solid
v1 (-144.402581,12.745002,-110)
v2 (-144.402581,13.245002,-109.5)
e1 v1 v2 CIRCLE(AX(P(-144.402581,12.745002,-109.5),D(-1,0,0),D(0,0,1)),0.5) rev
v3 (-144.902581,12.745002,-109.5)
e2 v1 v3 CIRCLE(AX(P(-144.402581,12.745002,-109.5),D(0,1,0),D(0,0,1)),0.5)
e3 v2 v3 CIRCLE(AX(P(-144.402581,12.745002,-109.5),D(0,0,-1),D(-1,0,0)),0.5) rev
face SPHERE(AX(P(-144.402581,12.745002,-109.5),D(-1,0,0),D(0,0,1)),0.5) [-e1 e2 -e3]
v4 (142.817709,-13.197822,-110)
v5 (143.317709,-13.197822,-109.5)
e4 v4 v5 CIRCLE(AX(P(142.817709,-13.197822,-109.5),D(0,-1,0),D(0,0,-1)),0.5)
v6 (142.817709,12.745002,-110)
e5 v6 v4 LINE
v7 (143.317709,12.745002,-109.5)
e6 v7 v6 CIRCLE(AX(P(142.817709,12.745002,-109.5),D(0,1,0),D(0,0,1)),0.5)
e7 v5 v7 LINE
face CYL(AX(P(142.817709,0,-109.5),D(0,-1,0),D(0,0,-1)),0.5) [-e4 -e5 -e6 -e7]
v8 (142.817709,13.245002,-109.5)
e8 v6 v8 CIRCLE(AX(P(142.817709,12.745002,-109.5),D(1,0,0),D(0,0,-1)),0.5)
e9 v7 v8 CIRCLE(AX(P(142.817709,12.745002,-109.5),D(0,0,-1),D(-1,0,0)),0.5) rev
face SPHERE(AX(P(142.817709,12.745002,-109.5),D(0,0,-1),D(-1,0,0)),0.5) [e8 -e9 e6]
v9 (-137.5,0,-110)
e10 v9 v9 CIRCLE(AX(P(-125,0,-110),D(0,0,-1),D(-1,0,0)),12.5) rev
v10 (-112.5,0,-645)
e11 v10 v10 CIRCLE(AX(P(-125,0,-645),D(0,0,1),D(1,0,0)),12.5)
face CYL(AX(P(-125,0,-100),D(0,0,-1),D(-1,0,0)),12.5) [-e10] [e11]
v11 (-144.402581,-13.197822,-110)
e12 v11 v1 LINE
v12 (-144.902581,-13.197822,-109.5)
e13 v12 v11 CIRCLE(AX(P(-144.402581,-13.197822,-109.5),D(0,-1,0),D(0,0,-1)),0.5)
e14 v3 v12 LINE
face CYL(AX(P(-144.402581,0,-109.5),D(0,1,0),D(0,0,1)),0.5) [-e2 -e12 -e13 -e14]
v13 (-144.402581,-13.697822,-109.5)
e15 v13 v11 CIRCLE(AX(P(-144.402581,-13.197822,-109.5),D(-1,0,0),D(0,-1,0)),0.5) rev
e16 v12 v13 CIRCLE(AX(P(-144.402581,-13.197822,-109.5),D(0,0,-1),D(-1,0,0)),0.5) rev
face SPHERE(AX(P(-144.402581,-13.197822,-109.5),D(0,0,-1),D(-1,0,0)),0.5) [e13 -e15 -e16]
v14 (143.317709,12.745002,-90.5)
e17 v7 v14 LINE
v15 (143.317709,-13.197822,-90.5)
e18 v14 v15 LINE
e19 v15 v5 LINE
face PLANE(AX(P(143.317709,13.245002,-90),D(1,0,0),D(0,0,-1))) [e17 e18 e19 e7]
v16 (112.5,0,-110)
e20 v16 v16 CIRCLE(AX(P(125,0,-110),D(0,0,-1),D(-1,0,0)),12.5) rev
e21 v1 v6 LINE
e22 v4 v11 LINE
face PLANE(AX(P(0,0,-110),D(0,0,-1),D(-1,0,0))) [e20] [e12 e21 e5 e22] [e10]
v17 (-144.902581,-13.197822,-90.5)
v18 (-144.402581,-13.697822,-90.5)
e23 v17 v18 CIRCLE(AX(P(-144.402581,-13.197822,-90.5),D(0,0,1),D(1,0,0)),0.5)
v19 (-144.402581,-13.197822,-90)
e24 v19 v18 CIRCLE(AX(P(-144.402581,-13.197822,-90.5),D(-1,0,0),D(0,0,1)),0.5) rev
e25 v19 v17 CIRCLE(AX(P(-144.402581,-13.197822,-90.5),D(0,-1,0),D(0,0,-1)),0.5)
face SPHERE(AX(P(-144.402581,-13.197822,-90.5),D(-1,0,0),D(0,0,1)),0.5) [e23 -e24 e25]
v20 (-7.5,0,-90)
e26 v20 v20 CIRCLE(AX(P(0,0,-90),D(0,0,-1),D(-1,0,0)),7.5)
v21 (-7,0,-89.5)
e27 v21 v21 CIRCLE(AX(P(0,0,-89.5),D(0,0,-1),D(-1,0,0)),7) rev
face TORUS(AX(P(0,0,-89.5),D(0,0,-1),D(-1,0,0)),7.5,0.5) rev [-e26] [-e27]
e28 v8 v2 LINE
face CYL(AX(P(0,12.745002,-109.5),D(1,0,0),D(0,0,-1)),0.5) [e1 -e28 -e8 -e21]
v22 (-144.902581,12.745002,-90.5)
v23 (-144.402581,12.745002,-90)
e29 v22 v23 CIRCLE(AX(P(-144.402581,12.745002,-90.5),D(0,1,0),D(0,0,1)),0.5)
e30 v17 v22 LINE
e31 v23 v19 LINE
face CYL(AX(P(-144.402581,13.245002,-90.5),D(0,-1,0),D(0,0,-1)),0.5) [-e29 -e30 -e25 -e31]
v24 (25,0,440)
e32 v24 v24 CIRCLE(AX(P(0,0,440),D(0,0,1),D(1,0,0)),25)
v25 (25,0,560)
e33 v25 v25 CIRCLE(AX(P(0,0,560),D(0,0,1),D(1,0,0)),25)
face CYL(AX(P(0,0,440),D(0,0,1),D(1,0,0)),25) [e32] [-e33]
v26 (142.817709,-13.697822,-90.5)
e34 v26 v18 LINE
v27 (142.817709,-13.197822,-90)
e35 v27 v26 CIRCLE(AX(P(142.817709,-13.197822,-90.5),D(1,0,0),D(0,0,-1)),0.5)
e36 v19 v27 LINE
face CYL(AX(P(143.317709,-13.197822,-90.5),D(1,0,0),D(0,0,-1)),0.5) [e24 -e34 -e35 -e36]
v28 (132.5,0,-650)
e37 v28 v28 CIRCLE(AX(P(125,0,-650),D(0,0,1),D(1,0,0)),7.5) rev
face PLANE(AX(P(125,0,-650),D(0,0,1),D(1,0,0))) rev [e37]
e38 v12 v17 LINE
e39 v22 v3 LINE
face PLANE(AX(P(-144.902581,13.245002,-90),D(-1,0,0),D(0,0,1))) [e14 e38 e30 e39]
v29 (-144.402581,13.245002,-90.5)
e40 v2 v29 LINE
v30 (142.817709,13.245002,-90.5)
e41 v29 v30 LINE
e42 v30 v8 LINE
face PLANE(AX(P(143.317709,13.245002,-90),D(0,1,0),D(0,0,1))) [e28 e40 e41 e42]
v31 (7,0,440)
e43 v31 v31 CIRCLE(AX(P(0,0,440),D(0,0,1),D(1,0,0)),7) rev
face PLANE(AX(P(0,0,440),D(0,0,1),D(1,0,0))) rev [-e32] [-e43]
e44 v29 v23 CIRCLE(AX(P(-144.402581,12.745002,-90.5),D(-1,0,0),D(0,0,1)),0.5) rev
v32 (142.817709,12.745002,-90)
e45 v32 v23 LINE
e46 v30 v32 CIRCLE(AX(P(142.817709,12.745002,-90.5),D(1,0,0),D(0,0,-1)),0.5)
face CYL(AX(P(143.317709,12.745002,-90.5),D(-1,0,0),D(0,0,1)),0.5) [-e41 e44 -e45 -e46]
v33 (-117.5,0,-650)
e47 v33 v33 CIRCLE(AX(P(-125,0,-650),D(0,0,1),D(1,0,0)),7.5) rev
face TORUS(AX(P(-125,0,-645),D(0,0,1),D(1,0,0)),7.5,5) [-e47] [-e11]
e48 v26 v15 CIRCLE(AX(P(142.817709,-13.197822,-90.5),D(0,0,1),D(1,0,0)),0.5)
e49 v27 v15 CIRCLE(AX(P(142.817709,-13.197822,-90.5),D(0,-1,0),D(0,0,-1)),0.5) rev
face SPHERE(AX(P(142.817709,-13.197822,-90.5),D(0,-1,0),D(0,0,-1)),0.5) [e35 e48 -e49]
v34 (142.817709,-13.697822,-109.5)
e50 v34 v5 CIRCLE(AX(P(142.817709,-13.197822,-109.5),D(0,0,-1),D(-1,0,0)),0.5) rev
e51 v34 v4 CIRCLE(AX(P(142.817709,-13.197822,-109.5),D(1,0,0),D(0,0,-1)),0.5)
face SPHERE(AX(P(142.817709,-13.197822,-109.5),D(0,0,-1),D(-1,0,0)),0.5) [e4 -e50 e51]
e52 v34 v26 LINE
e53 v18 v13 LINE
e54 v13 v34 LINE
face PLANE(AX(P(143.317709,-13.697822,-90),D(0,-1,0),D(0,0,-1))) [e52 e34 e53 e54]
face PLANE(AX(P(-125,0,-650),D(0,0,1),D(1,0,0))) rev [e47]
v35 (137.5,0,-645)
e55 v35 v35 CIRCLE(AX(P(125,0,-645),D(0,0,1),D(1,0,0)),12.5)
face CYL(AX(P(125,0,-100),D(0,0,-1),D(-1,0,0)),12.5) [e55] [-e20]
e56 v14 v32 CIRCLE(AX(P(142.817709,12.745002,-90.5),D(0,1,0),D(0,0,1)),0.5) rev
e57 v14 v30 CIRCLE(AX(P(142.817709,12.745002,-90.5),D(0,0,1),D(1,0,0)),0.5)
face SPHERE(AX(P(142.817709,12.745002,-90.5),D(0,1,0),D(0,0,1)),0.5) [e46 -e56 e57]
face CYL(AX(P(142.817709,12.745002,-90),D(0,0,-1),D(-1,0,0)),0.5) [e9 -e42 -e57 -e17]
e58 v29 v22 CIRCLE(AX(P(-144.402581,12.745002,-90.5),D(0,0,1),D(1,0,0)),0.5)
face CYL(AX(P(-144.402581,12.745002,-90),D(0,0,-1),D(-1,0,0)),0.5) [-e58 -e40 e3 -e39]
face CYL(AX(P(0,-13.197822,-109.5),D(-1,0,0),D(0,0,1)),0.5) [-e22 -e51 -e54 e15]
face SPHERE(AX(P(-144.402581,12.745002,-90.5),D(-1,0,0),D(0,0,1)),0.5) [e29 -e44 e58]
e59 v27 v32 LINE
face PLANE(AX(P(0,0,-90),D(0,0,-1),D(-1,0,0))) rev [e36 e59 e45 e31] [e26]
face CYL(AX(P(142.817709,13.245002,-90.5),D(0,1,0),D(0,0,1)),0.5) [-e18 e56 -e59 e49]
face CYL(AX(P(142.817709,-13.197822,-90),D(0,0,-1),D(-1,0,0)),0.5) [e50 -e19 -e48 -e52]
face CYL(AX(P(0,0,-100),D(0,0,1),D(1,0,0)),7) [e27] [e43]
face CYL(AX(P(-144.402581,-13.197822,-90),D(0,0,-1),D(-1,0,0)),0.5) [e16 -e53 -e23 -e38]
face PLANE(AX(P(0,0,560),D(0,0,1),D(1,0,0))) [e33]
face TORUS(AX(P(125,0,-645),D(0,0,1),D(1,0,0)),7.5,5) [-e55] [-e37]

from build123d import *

# Parameters (mm, degrees)
BOSS_EXTRUDE1_DEPTH      = 500
BOSS_EXTRUDE1_DEPTH_BACK = 100
SKETCH1_R                = 7
SKETCH4_R                = 12.5
BOSS_EXTRUDE2_DEPTH      = 550
BOSS_EXTRUDE2_2_DEPTH    = 550
BOSS_EXTRUDE3_DEPTH      = 10
BOSS_EXTRUDE3_DEPTH_BACK = 10
SKETCH5_W                = 288.220289941
SKETCH5_H                = 26.942823647
FILLET4_R                = 0.5
FILLET8_R                = 0.5
FILLET9_R                = 5
BOSS_EXTRUDE4_DEPTH      = 60
BOSS_EXTRUDE4_DEPTH_BACK = 60
SKETCH6_R                = 25


with BuildPart() as part:
    # Sketch1 → Boss-Extrude1 (new, two sides: drawn at the far end of the back side and taken through both)
    with BuildSketch(Plane.XY.offset(-BOSS_EXTRUDE1_DEPTH_BACK)):
        Circle(SKETCH1_R)
    extrude(amount=BOSS_EXTRUDE1_DEPTH + BOSS_EXTRUDE1_DEPTH_BACK)



with BuildPart() as body_2:
    # Sketch4 → Boss-Extrude2 (new body)
    with BuildSketch(Plane.XY.offset(-650)):
        with Locations((-125, 0)):
            Circle(SKETCH4_R)
    extrude(amount=BOSS_EXTRUDE2_DEPTH)


with BuildPart() as body_3:
    # Sketch4 → Boss-Extrude2 2 (new body)
    with BuildSketch(Plane.XY.offset(-650)):
        with Locations((125, 0)):
            Circle(SKETCH4_R)
    extrude(amount=BOSS_EXTRUDE2_2_DEPTH)


with BuildPart() as part_1:
    add(part.part)

    add(body_2.part)  # Boss-Extrude3 merges body 2

    add(body_3.part)  # Boss-Extrude3 merges body 3
    # Sketch5 → Boss-Extrude3 (add, two sides: drawn at the far end of the back side and taken through both)
    with BuildSketch(Plane(origin=(0, 0, -100), x_dir=(-1, 0, 0), z_dir=(0, 0, -1)).offset(-BOSS_EXTRUDE3_DEPTH_BACK)):
        with Locations((0.79243599, -0.226410282)):
            Rectangle(SKETCH5_W, SKETCH5_H)
    extrude(amount=BOSS_EXTRUDE3_DEPTH + BOSS_EXTRUDE3_DEPTH_BACK)

    # Fillet4
    fillet4_edges = [part_1.edges().sort_by_distance(p)[0] for p in [
        (-7, 0, -90),
    ]]
    fillet(fillet4_edges, radius=FILLET4_R)

    # Fillet8
    fillet8_edges = [part_1.edges().sort_by_distance(p)[0] for p in [
        (-144.90258096, 13.245001541, -100),
        (-144.90258096, -0.226410283, -90),
        (-144.90258096, -13.697822106, -100),
        (-0.79243599, -13.697822106, -90),
        (143.317708981, -0.226410283, -110),
        (-0.79243599, -13.697822106, -110),
        (-144.90258096, -0.226410283, -110),
        (-0.79243599, 13.245001541, -110),
        (143.317708981, -13.697822106, -100),
        (143.317708981, -0.226410283, -90),
        (143.317708981, 13.245001541, -100),
        (-0.79243599, 13.245001541, -90),
    ]]
    fillet(fillet8_edges, radius=FILLET8_R)

    # Fillet9
    fillet9_edges = [part_1.edges().sort_by_distance(p)[0] for p in [
        (-137.5, 0, -650),
        (112.5, 0, -650),
    ]]
    fillet(fillet9_edges, radius=FILLET9_R)

    # Sketch6 → Boss-Extrude4 (add, two sides: drawn at the far end of the back side and taken through both)
    with BuildSketch(Plane.XY.offset(500).offset(-BOSS_EXTRUDE4_DEPTH_BACK)):
        Circle(SKETCH6_R)
    extrude(amount=BOSS_EXTRUDE4_DEPTH + BOSS_EXTRUDE4_DEPTH_BACK)


solid = part_1.part
